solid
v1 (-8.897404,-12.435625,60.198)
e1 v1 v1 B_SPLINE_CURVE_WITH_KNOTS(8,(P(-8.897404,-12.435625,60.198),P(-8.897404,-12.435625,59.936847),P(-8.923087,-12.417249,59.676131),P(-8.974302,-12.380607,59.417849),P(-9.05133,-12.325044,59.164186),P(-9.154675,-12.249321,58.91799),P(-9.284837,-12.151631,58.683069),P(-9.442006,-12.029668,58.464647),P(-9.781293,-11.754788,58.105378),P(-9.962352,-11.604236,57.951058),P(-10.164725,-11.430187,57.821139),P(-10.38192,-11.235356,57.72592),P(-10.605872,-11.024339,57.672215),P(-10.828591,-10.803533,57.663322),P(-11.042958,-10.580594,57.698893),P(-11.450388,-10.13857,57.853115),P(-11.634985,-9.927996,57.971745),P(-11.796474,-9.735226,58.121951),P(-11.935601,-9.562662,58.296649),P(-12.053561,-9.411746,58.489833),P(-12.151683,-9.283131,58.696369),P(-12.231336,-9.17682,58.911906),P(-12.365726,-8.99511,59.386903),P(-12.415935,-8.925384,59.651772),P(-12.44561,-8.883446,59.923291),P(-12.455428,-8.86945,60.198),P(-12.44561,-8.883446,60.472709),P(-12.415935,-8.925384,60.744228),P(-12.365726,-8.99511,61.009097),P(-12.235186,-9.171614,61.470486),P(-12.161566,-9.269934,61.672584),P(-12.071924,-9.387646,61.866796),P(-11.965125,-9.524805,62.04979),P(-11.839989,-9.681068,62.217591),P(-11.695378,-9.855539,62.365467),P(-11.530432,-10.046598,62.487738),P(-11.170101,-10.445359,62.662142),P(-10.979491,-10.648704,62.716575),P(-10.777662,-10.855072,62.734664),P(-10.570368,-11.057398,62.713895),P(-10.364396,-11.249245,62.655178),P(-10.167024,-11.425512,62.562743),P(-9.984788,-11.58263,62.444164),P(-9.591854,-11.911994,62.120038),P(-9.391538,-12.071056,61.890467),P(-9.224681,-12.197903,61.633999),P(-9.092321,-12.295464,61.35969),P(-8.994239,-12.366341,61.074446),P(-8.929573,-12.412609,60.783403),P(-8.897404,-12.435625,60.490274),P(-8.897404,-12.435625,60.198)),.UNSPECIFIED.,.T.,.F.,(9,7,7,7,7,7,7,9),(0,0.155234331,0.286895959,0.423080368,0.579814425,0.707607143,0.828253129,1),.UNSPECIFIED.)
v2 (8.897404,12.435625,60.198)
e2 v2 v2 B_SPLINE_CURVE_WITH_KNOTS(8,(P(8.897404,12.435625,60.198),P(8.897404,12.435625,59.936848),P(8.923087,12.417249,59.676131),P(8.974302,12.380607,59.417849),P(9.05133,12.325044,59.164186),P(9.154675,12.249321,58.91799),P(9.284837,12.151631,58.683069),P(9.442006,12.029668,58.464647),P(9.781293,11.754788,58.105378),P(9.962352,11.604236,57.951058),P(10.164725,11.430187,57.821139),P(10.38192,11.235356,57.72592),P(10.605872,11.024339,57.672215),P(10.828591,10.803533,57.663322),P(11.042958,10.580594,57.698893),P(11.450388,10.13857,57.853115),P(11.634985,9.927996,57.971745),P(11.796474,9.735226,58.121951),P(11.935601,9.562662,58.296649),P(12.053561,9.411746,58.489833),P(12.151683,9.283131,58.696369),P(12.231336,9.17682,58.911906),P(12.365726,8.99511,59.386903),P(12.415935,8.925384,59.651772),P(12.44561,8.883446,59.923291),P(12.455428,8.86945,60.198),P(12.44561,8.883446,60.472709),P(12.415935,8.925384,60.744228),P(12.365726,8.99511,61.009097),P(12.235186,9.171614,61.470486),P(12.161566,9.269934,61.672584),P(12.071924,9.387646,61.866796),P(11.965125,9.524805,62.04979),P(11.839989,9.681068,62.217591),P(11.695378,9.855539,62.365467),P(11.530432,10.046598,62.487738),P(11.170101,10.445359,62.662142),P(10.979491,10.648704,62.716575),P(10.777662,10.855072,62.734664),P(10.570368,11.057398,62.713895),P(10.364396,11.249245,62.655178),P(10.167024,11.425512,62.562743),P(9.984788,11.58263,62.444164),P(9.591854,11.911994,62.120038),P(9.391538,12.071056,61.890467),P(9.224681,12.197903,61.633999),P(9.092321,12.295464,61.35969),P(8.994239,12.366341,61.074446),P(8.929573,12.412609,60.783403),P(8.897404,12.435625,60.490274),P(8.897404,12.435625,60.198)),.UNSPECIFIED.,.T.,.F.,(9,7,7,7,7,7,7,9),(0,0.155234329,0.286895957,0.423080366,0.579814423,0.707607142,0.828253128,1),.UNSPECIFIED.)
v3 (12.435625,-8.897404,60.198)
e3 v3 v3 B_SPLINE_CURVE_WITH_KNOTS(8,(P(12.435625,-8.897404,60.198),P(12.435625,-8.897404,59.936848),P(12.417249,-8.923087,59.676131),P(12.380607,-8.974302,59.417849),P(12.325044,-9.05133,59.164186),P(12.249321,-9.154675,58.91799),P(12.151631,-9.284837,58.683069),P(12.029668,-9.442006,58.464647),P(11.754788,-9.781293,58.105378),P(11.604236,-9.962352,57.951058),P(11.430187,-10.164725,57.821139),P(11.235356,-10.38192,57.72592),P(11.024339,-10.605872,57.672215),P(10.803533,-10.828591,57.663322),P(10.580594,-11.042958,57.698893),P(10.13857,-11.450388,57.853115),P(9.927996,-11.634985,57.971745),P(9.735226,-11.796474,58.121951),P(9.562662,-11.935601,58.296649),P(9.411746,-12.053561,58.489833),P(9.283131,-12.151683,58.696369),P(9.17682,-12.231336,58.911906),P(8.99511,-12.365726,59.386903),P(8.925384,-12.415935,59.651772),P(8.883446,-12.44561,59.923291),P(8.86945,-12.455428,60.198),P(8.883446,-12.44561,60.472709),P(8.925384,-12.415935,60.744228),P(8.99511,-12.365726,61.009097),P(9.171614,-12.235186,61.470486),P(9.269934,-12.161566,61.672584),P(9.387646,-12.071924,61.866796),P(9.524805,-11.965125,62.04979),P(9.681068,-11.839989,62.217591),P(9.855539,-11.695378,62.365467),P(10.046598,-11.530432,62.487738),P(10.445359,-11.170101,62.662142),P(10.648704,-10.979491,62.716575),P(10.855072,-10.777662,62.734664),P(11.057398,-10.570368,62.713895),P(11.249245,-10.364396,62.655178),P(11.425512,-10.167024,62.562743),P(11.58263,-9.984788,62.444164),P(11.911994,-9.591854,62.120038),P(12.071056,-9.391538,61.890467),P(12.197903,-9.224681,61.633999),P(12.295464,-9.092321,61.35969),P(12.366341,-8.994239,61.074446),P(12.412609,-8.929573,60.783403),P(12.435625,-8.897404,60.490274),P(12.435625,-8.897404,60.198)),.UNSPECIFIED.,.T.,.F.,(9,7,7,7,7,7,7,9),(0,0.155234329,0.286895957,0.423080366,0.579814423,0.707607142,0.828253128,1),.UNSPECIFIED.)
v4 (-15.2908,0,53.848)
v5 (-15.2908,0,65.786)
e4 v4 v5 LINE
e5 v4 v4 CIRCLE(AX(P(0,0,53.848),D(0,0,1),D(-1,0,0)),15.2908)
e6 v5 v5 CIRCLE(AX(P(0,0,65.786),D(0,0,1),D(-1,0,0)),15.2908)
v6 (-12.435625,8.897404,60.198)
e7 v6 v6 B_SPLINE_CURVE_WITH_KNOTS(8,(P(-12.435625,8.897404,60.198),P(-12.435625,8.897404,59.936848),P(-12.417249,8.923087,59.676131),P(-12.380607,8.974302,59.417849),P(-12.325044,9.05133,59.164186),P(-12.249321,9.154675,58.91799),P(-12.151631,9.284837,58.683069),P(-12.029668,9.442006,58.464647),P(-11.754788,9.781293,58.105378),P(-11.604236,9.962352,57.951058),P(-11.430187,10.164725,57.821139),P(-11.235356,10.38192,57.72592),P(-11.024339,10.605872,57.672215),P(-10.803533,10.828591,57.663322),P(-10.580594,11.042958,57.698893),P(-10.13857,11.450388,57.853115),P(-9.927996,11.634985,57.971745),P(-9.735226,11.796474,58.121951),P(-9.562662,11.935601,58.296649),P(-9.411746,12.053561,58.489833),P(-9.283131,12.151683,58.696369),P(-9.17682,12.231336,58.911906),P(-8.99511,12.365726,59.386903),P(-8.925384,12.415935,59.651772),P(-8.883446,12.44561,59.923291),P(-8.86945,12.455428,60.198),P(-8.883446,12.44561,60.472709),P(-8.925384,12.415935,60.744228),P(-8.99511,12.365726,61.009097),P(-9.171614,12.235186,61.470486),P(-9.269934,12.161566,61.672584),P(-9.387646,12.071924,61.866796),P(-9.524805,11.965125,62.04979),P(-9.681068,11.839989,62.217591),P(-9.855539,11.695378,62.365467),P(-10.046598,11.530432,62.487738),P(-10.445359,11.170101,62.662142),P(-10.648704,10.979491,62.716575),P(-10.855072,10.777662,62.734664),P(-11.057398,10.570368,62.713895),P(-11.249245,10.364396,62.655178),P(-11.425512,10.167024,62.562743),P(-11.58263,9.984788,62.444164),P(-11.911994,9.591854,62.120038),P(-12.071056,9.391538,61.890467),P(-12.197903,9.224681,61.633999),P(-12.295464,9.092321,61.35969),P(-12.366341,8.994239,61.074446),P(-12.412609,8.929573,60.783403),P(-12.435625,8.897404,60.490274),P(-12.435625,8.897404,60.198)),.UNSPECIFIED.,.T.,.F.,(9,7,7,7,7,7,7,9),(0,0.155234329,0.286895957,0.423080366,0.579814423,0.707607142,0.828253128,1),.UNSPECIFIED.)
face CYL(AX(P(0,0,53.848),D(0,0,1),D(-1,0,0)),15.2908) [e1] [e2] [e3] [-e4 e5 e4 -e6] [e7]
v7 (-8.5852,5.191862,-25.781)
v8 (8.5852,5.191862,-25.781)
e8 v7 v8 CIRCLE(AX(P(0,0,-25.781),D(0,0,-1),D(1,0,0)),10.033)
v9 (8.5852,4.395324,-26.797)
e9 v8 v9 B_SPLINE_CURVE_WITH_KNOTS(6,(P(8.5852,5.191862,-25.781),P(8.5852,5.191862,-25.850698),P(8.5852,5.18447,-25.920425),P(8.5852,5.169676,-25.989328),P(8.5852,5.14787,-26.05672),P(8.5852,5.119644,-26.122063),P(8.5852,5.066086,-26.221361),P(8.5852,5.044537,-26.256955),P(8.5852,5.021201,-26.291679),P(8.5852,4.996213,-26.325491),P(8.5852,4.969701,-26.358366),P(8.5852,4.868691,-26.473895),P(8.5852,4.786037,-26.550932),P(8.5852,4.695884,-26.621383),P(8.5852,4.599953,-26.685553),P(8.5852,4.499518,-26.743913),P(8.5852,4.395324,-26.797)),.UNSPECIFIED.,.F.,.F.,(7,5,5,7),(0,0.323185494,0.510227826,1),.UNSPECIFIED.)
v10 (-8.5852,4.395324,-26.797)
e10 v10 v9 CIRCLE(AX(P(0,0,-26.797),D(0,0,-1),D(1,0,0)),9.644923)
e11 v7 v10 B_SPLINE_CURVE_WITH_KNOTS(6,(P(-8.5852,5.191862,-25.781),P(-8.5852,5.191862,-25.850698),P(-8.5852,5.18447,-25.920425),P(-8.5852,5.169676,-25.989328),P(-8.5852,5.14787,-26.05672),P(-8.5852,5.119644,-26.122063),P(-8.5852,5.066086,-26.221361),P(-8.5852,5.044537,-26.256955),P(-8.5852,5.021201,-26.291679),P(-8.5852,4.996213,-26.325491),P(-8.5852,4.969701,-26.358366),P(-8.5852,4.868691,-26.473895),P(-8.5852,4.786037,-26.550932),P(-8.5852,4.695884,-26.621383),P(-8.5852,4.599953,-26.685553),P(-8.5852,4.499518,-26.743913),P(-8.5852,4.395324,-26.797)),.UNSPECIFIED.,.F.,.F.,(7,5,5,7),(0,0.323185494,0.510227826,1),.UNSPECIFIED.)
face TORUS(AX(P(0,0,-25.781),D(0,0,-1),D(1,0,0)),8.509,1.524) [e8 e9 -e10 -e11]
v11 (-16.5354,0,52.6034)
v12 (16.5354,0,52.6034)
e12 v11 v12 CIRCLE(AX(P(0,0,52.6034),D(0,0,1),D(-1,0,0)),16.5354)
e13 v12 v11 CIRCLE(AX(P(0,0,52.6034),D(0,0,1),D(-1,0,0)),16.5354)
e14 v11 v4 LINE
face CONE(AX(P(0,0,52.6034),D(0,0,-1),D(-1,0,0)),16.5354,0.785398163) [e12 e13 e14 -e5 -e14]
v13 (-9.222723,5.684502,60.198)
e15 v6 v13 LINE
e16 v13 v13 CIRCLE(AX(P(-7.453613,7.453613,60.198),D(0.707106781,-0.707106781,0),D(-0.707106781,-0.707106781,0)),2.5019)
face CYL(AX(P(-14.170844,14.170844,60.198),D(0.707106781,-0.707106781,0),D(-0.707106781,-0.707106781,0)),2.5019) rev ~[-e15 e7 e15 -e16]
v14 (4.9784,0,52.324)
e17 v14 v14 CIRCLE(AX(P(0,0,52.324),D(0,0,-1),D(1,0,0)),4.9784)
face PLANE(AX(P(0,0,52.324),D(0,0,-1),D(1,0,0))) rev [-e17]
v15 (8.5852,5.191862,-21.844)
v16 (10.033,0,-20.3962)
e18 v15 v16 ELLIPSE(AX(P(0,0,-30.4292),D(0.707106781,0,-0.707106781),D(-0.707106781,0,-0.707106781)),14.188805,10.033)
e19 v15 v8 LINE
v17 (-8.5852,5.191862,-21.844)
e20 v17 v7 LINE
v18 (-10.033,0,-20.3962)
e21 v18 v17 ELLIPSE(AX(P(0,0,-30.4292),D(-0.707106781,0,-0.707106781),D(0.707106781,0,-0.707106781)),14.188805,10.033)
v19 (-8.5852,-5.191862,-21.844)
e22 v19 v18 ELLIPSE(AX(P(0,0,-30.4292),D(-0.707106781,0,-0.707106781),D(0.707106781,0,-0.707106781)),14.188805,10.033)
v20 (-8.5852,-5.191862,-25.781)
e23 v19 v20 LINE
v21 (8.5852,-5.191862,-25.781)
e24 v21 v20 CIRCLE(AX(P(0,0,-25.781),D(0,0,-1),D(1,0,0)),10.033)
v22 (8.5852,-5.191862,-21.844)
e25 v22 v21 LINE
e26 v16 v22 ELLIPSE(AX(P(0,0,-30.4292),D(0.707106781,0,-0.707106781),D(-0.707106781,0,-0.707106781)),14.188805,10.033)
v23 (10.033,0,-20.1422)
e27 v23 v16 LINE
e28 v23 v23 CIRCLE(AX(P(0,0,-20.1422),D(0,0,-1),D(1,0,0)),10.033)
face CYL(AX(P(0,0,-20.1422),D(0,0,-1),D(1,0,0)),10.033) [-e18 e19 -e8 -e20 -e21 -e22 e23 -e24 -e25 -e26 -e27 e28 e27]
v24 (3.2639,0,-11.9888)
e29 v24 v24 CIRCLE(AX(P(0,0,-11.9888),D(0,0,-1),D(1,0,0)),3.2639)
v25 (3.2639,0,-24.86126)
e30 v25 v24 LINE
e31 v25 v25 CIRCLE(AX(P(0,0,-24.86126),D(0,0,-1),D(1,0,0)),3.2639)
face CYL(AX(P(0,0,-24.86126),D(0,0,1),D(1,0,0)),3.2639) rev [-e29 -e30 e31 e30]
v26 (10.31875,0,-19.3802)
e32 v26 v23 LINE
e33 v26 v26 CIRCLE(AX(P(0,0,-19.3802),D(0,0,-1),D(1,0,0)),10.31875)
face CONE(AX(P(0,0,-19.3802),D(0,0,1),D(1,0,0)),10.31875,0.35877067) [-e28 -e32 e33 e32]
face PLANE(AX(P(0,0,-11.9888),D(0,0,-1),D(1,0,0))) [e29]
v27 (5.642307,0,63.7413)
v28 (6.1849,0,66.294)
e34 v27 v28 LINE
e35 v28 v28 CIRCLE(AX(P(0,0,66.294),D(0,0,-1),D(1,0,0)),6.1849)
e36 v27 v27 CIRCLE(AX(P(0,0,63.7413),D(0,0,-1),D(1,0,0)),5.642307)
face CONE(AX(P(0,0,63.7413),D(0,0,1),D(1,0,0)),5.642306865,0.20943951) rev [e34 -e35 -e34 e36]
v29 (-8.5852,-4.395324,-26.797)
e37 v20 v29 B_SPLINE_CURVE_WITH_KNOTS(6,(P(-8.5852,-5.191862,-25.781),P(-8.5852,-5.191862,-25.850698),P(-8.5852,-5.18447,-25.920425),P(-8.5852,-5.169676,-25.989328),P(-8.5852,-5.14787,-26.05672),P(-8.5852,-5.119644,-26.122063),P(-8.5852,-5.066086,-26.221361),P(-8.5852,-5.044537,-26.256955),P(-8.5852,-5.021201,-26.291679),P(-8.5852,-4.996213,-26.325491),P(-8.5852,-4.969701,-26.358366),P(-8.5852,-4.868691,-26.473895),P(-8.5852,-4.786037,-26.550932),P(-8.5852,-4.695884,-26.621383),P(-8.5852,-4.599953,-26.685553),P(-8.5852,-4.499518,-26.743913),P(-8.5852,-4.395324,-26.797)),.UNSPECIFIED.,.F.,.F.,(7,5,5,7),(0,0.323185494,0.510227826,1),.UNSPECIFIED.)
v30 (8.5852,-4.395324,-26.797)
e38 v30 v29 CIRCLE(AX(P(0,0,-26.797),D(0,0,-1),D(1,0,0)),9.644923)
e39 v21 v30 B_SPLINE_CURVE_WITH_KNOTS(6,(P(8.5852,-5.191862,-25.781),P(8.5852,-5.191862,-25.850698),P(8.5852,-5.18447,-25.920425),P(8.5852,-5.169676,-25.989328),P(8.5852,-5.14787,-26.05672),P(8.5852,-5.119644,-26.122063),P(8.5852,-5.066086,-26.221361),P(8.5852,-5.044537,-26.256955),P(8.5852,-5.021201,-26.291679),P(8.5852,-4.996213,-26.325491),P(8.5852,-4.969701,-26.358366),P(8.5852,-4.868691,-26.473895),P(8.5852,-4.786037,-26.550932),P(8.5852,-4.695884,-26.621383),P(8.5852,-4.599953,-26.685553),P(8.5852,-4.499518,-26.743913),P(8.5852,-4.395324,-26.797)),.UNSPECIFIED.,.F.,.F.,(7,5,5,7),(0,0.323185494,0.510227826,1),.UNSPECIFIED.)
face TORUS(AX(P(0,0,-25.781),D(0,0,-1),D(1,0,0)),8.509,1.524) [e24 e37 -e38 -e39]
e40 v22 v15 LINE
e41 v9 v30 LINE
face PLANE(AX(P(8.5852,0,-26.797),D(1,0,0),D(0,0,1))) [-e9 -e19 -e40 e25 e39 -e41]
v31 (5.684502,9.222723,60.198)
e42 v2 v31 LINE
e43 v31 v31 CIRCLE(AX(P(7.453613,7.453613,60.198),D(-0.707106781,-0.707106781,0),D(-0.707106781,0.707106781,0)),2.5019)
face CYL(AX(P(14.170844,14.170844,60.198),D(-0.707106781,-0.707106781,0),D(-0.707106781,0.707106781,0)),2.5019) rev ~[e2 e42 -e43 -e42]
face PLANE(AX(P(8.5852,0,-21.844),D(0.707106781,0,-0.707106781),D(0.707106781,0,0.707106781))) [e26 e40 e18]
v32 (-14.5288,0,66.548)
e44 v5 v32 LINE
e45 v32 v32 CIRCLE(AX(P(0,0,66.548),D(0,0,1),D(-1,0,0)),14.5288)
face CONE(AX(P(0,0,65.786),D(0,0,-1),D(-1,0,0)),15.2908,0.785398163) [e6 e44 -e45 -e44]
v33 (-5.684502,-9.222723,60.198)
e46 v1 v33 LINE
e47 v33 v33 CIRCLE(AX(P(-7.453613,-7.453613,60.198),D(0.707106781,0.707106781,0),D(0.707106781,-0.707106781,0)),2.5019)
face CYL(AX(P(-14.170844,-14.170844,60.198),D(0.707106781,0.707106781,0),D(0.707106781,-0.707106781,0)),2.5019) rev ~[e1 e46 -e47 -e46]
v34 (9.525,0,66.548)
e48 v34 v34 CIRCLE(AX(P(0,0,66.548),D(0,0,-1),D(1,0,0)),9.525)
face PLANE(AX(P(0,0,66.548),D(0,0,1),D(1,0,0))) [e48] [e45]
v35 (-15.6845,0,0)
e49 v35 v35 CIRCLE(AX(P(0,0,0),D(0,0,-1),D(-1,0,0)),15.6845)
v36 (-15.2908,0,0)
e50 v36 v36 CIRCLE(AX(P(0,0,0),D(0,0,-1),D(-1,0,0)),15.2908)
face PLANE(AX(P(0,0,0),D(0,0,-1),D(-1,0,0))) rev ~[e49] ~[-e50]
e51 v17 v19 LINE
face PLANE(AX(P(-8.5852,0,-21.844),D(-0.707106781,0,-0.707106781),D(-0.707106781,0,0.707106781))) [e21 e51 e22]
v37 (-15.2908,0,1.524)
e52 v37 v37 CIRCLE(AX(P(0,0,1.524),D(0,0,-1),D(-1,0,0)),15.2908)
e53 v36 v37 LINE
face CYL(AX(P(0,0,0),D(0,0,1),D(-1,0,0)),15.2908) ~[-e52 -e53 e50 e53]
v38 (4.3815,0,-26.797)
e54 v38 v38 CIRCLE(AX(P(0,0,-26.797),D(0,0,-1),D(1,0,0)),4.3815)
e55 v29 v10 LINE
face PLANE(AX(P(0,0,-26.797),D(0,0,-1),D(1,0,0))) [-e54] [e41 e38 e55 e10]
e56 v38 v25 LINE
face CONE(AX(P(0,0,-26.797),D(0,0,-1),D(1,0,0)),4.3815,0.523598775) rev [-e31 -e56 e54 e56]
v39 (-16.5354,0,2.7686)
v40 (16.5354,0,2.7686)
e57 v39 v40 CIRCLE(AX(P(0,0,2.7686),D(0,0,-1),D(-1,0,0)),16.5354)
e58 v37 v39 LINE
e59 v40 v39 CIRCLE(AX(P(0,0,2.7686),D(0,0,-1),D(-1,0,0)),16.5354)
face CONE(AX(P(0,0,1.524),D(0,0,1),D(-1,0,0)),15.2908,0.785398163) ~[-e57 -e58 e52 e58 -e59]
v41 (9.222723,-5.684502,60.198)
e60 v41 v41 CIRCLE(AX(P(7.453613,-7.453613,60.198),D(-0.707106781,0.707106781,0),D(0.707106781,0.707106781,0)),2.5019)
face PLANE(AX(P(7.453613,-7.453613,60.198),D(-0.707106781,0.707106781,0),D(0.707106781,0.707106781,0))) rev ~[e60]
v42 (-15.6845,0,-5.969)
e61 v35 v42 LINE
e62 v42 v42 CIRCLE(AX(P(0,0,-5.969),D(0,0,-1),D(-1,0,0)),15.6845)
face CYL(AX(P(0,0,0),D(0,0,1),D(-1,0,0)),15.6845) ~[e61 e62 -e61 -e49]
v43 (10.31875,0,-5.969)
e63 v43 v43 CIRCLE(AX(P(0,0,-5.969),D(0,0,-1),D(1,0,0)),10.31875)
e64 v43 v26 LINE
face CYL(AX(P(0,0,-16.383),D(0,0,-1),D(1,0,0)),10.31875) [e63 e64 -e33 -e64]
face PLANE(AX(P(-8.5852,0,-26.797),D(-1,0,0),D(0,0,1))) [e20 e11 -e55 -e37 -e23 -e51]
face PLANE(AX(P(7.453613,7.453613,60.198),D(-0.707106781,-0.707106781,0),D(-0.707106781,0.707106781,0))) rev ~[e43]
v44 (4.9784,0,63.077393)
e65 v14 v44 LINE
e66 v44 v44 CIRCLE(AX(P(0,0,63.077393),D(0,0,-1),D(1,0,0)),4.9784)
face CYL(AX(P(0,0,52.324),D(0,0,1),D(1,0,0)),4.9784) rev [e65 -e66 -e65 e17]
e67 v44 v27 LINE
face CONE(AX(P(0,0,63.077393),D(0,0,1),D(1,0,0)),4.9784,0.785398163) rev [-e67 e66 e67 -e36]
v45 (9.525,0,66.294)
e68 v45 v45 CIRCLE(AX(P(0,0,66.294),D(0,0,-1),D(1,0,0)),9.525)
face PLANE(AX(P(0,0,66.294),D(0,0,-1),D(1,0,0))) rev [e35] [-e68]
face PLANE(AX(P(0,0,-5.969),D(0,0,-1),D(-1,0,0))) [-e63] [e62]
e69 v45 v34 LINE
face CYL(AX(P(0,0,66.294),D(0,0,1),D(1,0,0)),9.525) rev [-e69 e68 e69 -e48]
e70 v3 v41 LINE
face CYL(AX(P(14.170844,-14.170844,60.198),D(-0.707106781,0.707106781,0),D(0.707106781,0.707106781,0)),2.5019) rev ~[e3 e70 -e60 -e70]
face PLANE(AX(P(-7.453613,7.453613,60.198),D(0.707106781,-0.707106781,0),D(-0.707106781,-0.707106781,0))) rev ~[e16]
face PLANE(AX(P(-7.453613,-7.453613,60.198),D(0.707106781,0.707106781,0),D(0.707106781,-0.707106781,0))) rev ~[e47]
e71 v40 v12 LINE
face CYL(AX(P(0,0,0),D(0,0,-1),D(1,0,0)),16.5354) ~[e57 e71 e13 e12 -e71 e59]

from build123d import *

# Parameters (mm, degrees)
SKETCH1_R          = 16.5354
EXTRUDE1_DEPTH     = 66.548
CHAMFER1_SIZE      = 0.762
SKETCH6_R          = 15.6845
EXTRUDE2_DEPTH     = 5.969
SKETCH7_W          = 20.828
SKETCH7_H          = 10.31875
CUT_EXTRUDE4_DEPTH = 19.84248
HOLE1_D            = 5.0038
HOLE1_DEPTH        = 4.7498
CIRPATTERN1_COUNT  = 4


with BuildPart() as part:
    # Sketch1 → Extrude1 (new body)
    with BuildSketch(Plane.XY):
        Circle(SKETCH1_R)
    extrude(amount=EXTRUDE1_DEPTH)

    # Sketch2 → Cut-Revolve1 (revolve, cut)
    with BuildSketch(Plane(origin=(0, 0, 0), x_dir=(1, 0, 0), z_dir=(0, 1, 0)), mode=Mode.PRIVATE) as cut_revolve1_sk:
        Polygon((16.5354, -66.548), (16.5354, -52.6034), (15.2908, -53.848), (15.2908, -66.548), align=None)
    revolve(cut_revolve1_sk.sketch.rotate(Axis((0, 0, 0), (0, 0, 1)), 180), axis=Axis((0, 0, 0), (0, 0, 1)), mode=Mode.SUBTRACT)  # turned: the seam where the file's is

    # Sketch3 → Cut-Revolve2 (revolve, cut)
    with BuildSketch(Plane(origin=(0, 0, 0), x_dir=(1, 0, 0), z_dir=(0, 1, 0)), mode=Mode.PRIVATE) as cut_revolve2_sk:
        Polygon((15.2908, 0), (15.2908, -1.524), (16.5354, -2.7686), (16.5354, 0), align=None)
    revolve(cut_revolve2_sk.sketch.rotate(Axis((0, 0, 0), (0, 0, -1)), 180), axis=Axis((0, 0, 0), (0, 0, -1)), mode=Mode.SUBTRACT)  # turned: the seam where the file's is

    # S2D0002 → Cut-Revolve3 (revolve, cut)
    with BuildSketch(Plane(origin=(0, 0, 0), x_dir=(1, 0, 0), z_dir=(0, 1, 0))):
        Polygon((6.1849, -66.294), (9.525, -66.294), (9.525, -66.548), (0, -66.548), (0, -52.324), (4.9784, -52.324), (4.9784, -63.077393135), (5.642306865, -63.7413), align=None)
    revolve(axis=Axis((0, 0, 14.6685), (0, 0, -1)), mode=Mode.SUBTRACT)

    # Chamfer1
    chamfer1_edges = [part.edges().sort_by_distance(p)[0] for p in [
        (15.2908, 0, 66.548),
    ]]
    chamfer(chamfer1_edges, length=CHAMFER1_SIZE)

    # Sketch6 → Extrude2 (add)
    with BuildSketch(Plane(origin=(0, 0, 0), x_dir=(-1, 0, 0), z_dir=(0, 0, -1))):
        Circle(SKETCH6_R)
    extrude(amount=EXTRUDE2_DEPTH)

    # Sketch7 → Revolve1 (revolve)
    with BuildSketch(Plane(origin=(0, 0, 0), x_dir=(0, 0, -1), z_dir=(1, 0, 0)), mode=Mode.PRIVATE) as revolve1_sk:
        with Locations((16.383, -5.159375)):
            Rectangle(SKETCH7_W, SKETCH7_H)
    revolve(revolve1_sk.sketch.rotate(Axis((0, 0, 0), (0, 0, -1)), 270), axis=Axis((0, 0, 0), (0, 0, -1)))  # turned: the seam where the file's is

    # S2D0001 → Cut-Revolve5 (revolve, cut)
    with BuildSketch(Plane(origin=(0, 0, 0), x_dir=(1, 0, 0), z_dir=(0, 1, 0))):
        Polygon((3.2639, 24.861260017), (3.2639, 11.9888), (0, 11.9888), (0, 26.797), (4.3815, 26.797), align=None)
    revolve(axis=Axis((0, 0, 31.308359971), (0, 0, -1)), mode=Mode.SUBTRACT)

    # Sketch9 → Cut-Revolve6 (revolve, cut)
    with BuildSketch(Plane(origin=(0, 0, 0), x_dir=(0, -1, 0), z_dir=(1, 0, 0)), mode=Mode.PRIVATE) as cut_revolve6_sk:
        with BuildLine():
            Line((-10.31875, 19.3802), (-10.033, 20.1422))
            Line((-10.033, 20.1422), (-10.033, 25.781))
            ThreePointArc((-10.033, 25.781), (-9.932678675, 26.324796865), (-9.644922533, 26.797))
            Line((-9.644922533, 26.797), (-10.31875, 26.797))
            Line((-10.31875, 26.797), (-10.31875, 19.3802))
        make_face()
    revolve(cut_revolve6_sk.sketch.rotate(Axis((0, 0, -12.65936), (0, 0, -1)), 90), axis=Axis((0, 0, -12.65936), (0, 0, -1)), mode=Mode.SUBTRACT)  # turned: the seam where the file's is

    # Sketch13 → Cut-Extrude4 (cut, symmetric)
    with BuildSketch(Plane(origin=(0, 0, 0), x_dir=(1, 0, 0), z_dir=(0, 1, 0))):
        Polygon((8.5852, 26.797), (8.5852, 21.844), (10.033, 20.3962), (10.033, 26.797), align=None)
        Polygon((-8.5852, 26.797), (-8.5852, 21.844), (-10.033, 20.3962), (-10.033, 26.797), align=None)
    extrude(amount=CUT_EXTRUDE4_DEPTH, both=True, mode=Mode.SUBTRACT)

    # Hole1
    with Locations(Plane(origin=(-10.81222837, 10.81222837, 60.198), x_dir=(0.707106781, 0.707106781, 0), z_dir=(-0.707106781, 0.707106781, 0))):
        with Locations((0, 0)):
            hole1 = Hole(HOLE1_D / 2, depth=HOLE1_DEPTH)

    # CirPattern1: Hole1 ×4 about axis
    cirpattern1_axis = Axis((0, 0, 0), (0, 0, 1))
    for i in range(1, CIRPATTERN1_COUNT):
        add(hole1.rotate(cirpattern1_axis, i * 360 / CIRPATTERN1_COUNT), mode=Mode.SUBTRACT)


solid = part.part
